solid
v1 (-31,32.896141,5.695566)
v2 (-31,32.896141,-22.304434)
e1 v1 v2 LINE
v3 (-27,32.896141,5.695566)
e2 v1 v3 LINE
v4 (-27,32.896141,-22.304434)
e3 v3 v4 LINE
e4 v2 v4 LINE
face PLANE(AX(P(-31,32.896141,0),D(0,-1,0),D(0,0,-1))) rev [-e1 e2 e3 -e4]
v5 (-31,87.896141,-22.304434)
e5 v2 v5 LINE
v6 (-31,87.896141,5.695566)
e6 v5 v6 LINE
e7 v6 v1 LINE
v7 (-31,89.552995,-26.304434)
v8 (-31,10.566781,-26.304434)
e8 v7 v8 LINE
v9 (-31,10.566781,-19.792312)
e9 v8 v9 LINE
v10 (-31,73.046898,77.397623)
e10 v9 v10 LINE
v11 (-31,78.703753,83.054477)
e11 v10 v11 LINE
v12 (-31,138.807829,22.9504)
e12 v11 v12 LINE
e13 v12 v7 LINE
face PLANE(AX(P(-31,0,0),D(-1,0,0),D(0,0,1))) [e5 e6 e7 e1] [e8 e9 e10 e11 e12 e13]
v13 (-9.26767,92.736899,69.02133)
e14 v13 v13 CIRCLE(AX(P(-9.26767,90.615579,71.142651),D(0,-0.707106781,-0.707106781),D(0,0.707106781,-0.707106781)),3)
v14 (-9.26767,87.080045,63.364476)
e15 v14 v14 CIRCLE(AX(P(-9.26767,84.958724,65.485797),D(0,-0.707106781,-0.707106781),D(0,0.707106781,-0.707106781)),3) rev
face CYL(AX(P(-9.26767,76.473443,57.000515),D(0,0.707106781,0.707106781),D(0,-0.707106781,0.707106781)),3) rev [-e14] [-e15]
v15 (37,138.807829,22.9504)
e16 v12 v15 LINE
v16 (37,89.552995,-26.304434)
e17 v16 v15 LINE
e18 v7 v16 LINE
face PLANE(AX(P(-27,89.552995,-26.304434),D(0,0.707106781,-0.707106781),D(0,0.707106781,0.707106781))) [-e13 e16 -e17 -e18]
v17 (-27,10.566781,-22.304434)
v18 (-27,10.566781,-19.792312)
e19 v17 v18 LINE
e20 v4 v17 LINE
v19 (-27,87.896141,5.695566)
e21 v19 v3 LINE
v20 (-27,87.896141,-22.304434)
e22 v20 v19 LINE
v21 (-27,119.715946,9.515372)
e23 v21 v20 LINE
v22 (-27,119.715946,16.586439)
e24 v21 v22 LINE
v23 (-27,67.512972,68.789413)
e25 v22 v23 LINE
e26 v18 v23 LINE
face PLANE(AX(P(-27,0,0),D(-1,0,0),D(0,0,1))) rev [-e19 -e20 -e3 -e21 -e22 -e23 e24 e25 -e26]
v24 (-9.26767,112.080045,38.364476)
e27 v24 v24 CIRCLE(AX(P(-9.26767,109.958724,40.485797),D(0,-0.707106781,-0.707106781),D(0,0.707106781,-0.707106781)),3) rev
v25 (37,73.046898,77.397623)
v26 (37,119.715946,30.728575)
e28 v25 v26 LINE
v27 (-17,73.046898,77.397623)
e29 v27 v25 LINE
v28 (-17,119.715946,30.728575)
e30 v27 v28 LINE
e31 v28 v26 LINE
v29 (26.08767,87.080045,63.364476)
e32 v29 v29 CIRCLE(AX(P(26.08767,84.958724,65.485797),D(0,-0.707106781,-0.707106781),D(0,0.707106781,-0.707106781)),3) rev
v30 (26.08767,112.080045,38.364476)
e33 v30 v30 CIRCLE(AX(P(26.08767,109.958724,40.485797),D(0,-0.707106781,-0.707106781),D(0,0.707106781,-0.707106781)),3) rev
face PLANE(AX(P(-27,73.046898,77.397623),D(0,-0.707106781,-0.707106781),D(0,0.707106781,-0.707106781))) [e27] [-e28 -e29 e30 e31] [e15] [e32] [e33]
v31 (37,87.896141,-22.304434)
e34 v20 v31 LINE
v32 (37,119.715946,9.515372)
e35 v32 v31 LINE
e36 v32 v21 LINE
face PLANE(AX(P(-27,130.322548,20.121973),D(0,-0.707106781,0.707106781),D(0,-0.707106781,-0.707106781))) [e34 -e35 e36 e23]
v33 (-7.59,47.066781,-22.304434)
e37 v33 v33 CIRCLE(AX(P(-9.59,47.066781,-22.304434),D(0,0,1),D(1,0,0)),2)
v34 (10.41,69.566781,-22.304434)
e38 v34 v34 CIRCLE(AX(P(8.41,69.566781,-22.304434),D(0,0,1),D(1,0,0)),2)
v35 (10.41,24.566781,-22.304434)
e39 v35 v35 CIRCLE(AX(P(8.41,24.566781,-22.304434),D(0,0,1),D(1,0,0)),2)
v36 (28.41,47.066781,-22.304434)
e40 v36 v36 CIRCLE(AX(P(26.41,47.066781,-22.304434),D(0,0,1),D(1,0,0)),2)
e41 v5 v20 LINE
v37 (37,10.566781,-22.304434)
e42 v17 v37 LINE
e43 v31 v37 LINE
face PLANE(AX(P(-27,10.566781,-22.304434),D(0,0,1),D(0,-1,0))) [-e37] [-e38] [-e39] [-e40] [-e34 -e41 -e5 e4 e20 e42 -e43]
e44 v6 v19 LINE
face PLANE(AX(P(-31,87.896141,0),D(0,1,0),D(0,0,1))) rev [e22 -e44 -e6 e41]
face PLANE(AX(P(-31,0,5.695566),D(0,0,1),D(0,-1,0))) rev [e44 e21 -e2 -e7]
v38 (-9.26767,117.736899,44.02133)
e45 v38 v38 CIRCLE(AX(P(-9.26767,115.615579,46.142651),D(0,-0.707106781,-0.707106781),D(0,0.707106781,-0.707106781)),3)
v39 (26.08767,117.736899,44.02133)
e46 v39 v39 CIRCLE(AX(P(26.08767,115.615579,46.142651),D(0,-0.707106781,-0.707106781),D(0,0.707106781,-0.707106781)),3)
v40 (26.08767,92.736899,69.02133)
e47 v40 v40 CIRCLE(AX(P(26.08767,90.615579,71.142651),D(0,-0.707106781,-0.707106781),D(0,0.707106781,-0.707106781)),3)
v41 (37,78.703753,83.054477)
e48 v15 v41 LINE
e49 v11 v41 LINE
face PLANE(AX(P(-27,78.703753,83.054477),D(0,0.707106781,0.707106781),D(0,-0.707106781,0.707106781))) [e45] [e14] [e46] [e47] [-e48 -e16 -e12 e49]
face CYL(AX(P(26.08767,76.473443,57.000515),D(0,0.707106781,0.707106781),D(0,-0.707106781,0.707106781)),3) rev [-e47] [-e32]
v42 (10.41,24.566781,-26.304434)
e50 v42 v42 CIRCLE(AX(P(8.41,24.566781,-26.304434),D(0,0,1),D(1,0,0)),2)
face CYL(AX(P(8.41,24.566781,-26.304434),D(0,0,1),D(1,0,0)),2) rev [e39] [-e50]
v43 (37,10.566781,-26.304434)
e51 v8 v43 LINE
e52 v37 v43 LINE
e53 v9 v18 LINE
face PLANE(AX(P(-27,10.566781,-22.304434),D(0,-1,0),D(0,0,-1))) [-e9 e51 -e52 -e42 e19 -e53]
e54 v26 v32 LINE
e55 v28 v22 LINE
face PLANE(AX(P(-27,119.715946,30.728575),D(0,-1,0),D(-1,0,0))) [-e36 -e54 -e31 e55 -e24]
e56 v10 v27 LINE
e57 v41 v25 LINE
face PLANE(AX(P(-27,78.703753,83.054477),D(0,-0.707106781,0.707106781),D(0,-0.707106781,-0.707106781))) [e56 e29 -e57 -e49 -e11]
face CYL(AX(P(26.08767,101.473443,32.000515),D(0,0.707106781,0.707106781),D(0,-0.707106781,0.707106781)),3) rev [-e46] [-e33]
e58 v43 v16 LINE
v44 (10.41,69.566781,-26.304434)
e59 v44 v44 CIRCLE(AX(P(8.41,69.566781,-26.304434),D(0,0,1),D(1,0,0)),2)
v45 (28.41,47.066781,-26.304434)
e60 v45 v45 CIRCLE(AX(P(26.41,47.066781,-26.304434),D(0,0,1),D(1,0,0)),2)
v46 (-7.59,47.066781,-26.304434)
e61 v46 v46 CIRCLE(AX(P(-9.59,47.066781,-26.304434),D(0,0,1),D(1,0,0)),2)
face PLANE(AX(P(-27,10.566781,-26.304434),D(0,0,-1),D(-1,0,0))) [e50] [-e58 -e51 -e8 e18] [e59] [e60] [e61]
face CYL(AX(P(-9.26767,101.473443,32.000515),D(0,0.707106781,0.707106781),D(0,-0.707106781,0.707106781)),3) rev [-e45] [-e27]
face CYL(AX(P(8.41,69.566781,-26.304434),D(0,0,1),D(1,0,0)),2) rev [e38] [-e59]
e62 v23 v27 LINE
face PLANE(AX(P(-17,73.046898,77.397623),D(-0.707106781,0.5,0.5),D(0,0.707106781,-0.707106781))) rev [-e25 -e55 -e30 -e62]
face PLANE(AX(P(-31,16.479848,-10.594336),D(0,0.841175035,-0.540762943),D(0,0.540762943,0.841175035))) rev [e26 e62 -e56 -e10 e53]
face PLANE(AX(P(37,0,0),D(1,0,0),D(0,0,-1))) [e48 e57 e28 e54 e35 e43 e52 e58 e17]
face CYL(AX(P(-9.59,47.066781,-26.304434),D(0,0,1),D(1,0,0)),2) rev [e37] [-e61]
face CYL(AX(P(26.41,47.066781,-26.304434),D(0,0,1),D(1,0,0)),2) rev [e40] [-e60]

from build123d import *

# Parameters (mm, degrees)
BOSS_EXTRUDE1_DEPTH      = 37
BOSS_EXTRUDE1_DEPTH_BACK = 27
SKETCH2_R                = 2
CUT_EXTRUDE1_DEPTH       = 179.149132383
BOSS_EXTRUDE2_DEPTH      = 4
CHAMFER1_SIZE            = 15
SKETCH4_R                = 3
CUT_EXTRUDE7_DEPTH       = 20
CHAMFER2_SIZE            = 10


with BuildPart() as part:
    # Sketch1 → Boss-Extrude1 (new, two sides: drawn at the far end of the back side and taken through both)
    with BuildSketch(Plane(origin=(0, 0, 0), x_dir=(0, 0, -1), z_dir=(1, 0, 0)).offset(-BOSS_EXTRUDE1_DEPTH_BACK)):
        Polygon((22.304433561, 10.566780625), (22.304433561, 87.896140672), (-20.12197331, 130.322547544), (-77.397622586, 73.046898267), (-83.054476835, 78.703752517), (-22.950400434, 138.807828918), (26.304433561, 89.552994922), (26.304433561, 10.566780625), align=None)
    extrude(amount=BOSS_EXTRUDE1_DEPTH + BOSS_EXTRUDE1_DEPTH_BACK)

    # Sketch2 → Cut-Extrude1 (cut, through all)
    with BuildSketch(Plane.XY.offset(-22.304433561)):
        with Locations((8.41, 69.566780625)):
            Circle(SKETCH2_R)
        with Locations((26.41, 47.066780625)):
            Circle(SKETCH2_R)
        with Locations((8.41, 24.566780625)):
            Circle(SKETCH2_R)
        with Locations((-9.59, 47.066780625)):
            Circle(SKETCH2_R)
    extrude(amount=-CUT_EXTRUDE1_DEPTH, mode=Mode.SUBTRACT)

    # Sketch12 → Boss-Extrude2 (add)
    with BuildSketch(Plane.ZY.offset(27)):
        Polygon((-22.304433561, 10.566780625), (-19.7923121, 10.566780625), (77.397622586, 73.046898267), (20.12197331, 130.322547544), (-22.304433561, 87.896140672), (5.695566439, 87.896140672), (5.695566439, 32.896140672), (-22.304433561, 32.896140672), align=None)
        Polygon((-26.304433561, 89.552994922), (-26.304433561, 10.566780625), (-22.304433561, 10.566780625), (-22.304433561, 87.896140672), (20.12197331, 130.322547544), (77.397622586, 73.046898267), (83.054476835, 78.703752517), (22.950400434, 138.807828918), align=None)
    extrude(amount=BOSS_EXTRUDE2_DEPTH)

    # Chamfer1
    chamfer1_edges = [part.edges().sort_by_distance(p)[0] for p in [
        (5, 130.322547544, 20.12197331),
    ]]
    chamfer(chamfer1_edges, length=CHAMFER1_SIZE)

    # Sketch4 → Cut-Extrude7 (cut)
    with BuildSketch(Plane(origin=(0, 204.733202838, -42.974973485), x_dir=(1, 0, 0), z_dir=(0, -0.7071067811865472, -0.7071067811865478))):
        with Locations(Location((-9.26766953, 126.031352928, 0), (0, 0, 270))):
            Circle(SKETCH4_R)
        with Locations(Location((-9.26766953, 161.386691988, 0), (0, 0, 270))):
            Circle(SKETCH4_R)
        with Locations(Location((26.08766953, 161.386691988, 0), (0, 0, 270))):
            Circle(SKETCH4_R)
        with Locations(Location((26.08766953, 126.031352928, 0), (0, 0, 270))):
            Circle(SKETCH4_R)
    extrude(amount=CUT_EXTRUDE7_DEPTH, mode=Mode.SUBTRACT)

    # Chamfer2
    chamfer2_edges = [part.edges().sort_by_distance(p)[0] for p in [
        (-27, 96.381422047, 54.063098807),
    ]]
    chamfer(chamfer2_edges, length=CHAMFER2_SIZE)


solid = part.part
